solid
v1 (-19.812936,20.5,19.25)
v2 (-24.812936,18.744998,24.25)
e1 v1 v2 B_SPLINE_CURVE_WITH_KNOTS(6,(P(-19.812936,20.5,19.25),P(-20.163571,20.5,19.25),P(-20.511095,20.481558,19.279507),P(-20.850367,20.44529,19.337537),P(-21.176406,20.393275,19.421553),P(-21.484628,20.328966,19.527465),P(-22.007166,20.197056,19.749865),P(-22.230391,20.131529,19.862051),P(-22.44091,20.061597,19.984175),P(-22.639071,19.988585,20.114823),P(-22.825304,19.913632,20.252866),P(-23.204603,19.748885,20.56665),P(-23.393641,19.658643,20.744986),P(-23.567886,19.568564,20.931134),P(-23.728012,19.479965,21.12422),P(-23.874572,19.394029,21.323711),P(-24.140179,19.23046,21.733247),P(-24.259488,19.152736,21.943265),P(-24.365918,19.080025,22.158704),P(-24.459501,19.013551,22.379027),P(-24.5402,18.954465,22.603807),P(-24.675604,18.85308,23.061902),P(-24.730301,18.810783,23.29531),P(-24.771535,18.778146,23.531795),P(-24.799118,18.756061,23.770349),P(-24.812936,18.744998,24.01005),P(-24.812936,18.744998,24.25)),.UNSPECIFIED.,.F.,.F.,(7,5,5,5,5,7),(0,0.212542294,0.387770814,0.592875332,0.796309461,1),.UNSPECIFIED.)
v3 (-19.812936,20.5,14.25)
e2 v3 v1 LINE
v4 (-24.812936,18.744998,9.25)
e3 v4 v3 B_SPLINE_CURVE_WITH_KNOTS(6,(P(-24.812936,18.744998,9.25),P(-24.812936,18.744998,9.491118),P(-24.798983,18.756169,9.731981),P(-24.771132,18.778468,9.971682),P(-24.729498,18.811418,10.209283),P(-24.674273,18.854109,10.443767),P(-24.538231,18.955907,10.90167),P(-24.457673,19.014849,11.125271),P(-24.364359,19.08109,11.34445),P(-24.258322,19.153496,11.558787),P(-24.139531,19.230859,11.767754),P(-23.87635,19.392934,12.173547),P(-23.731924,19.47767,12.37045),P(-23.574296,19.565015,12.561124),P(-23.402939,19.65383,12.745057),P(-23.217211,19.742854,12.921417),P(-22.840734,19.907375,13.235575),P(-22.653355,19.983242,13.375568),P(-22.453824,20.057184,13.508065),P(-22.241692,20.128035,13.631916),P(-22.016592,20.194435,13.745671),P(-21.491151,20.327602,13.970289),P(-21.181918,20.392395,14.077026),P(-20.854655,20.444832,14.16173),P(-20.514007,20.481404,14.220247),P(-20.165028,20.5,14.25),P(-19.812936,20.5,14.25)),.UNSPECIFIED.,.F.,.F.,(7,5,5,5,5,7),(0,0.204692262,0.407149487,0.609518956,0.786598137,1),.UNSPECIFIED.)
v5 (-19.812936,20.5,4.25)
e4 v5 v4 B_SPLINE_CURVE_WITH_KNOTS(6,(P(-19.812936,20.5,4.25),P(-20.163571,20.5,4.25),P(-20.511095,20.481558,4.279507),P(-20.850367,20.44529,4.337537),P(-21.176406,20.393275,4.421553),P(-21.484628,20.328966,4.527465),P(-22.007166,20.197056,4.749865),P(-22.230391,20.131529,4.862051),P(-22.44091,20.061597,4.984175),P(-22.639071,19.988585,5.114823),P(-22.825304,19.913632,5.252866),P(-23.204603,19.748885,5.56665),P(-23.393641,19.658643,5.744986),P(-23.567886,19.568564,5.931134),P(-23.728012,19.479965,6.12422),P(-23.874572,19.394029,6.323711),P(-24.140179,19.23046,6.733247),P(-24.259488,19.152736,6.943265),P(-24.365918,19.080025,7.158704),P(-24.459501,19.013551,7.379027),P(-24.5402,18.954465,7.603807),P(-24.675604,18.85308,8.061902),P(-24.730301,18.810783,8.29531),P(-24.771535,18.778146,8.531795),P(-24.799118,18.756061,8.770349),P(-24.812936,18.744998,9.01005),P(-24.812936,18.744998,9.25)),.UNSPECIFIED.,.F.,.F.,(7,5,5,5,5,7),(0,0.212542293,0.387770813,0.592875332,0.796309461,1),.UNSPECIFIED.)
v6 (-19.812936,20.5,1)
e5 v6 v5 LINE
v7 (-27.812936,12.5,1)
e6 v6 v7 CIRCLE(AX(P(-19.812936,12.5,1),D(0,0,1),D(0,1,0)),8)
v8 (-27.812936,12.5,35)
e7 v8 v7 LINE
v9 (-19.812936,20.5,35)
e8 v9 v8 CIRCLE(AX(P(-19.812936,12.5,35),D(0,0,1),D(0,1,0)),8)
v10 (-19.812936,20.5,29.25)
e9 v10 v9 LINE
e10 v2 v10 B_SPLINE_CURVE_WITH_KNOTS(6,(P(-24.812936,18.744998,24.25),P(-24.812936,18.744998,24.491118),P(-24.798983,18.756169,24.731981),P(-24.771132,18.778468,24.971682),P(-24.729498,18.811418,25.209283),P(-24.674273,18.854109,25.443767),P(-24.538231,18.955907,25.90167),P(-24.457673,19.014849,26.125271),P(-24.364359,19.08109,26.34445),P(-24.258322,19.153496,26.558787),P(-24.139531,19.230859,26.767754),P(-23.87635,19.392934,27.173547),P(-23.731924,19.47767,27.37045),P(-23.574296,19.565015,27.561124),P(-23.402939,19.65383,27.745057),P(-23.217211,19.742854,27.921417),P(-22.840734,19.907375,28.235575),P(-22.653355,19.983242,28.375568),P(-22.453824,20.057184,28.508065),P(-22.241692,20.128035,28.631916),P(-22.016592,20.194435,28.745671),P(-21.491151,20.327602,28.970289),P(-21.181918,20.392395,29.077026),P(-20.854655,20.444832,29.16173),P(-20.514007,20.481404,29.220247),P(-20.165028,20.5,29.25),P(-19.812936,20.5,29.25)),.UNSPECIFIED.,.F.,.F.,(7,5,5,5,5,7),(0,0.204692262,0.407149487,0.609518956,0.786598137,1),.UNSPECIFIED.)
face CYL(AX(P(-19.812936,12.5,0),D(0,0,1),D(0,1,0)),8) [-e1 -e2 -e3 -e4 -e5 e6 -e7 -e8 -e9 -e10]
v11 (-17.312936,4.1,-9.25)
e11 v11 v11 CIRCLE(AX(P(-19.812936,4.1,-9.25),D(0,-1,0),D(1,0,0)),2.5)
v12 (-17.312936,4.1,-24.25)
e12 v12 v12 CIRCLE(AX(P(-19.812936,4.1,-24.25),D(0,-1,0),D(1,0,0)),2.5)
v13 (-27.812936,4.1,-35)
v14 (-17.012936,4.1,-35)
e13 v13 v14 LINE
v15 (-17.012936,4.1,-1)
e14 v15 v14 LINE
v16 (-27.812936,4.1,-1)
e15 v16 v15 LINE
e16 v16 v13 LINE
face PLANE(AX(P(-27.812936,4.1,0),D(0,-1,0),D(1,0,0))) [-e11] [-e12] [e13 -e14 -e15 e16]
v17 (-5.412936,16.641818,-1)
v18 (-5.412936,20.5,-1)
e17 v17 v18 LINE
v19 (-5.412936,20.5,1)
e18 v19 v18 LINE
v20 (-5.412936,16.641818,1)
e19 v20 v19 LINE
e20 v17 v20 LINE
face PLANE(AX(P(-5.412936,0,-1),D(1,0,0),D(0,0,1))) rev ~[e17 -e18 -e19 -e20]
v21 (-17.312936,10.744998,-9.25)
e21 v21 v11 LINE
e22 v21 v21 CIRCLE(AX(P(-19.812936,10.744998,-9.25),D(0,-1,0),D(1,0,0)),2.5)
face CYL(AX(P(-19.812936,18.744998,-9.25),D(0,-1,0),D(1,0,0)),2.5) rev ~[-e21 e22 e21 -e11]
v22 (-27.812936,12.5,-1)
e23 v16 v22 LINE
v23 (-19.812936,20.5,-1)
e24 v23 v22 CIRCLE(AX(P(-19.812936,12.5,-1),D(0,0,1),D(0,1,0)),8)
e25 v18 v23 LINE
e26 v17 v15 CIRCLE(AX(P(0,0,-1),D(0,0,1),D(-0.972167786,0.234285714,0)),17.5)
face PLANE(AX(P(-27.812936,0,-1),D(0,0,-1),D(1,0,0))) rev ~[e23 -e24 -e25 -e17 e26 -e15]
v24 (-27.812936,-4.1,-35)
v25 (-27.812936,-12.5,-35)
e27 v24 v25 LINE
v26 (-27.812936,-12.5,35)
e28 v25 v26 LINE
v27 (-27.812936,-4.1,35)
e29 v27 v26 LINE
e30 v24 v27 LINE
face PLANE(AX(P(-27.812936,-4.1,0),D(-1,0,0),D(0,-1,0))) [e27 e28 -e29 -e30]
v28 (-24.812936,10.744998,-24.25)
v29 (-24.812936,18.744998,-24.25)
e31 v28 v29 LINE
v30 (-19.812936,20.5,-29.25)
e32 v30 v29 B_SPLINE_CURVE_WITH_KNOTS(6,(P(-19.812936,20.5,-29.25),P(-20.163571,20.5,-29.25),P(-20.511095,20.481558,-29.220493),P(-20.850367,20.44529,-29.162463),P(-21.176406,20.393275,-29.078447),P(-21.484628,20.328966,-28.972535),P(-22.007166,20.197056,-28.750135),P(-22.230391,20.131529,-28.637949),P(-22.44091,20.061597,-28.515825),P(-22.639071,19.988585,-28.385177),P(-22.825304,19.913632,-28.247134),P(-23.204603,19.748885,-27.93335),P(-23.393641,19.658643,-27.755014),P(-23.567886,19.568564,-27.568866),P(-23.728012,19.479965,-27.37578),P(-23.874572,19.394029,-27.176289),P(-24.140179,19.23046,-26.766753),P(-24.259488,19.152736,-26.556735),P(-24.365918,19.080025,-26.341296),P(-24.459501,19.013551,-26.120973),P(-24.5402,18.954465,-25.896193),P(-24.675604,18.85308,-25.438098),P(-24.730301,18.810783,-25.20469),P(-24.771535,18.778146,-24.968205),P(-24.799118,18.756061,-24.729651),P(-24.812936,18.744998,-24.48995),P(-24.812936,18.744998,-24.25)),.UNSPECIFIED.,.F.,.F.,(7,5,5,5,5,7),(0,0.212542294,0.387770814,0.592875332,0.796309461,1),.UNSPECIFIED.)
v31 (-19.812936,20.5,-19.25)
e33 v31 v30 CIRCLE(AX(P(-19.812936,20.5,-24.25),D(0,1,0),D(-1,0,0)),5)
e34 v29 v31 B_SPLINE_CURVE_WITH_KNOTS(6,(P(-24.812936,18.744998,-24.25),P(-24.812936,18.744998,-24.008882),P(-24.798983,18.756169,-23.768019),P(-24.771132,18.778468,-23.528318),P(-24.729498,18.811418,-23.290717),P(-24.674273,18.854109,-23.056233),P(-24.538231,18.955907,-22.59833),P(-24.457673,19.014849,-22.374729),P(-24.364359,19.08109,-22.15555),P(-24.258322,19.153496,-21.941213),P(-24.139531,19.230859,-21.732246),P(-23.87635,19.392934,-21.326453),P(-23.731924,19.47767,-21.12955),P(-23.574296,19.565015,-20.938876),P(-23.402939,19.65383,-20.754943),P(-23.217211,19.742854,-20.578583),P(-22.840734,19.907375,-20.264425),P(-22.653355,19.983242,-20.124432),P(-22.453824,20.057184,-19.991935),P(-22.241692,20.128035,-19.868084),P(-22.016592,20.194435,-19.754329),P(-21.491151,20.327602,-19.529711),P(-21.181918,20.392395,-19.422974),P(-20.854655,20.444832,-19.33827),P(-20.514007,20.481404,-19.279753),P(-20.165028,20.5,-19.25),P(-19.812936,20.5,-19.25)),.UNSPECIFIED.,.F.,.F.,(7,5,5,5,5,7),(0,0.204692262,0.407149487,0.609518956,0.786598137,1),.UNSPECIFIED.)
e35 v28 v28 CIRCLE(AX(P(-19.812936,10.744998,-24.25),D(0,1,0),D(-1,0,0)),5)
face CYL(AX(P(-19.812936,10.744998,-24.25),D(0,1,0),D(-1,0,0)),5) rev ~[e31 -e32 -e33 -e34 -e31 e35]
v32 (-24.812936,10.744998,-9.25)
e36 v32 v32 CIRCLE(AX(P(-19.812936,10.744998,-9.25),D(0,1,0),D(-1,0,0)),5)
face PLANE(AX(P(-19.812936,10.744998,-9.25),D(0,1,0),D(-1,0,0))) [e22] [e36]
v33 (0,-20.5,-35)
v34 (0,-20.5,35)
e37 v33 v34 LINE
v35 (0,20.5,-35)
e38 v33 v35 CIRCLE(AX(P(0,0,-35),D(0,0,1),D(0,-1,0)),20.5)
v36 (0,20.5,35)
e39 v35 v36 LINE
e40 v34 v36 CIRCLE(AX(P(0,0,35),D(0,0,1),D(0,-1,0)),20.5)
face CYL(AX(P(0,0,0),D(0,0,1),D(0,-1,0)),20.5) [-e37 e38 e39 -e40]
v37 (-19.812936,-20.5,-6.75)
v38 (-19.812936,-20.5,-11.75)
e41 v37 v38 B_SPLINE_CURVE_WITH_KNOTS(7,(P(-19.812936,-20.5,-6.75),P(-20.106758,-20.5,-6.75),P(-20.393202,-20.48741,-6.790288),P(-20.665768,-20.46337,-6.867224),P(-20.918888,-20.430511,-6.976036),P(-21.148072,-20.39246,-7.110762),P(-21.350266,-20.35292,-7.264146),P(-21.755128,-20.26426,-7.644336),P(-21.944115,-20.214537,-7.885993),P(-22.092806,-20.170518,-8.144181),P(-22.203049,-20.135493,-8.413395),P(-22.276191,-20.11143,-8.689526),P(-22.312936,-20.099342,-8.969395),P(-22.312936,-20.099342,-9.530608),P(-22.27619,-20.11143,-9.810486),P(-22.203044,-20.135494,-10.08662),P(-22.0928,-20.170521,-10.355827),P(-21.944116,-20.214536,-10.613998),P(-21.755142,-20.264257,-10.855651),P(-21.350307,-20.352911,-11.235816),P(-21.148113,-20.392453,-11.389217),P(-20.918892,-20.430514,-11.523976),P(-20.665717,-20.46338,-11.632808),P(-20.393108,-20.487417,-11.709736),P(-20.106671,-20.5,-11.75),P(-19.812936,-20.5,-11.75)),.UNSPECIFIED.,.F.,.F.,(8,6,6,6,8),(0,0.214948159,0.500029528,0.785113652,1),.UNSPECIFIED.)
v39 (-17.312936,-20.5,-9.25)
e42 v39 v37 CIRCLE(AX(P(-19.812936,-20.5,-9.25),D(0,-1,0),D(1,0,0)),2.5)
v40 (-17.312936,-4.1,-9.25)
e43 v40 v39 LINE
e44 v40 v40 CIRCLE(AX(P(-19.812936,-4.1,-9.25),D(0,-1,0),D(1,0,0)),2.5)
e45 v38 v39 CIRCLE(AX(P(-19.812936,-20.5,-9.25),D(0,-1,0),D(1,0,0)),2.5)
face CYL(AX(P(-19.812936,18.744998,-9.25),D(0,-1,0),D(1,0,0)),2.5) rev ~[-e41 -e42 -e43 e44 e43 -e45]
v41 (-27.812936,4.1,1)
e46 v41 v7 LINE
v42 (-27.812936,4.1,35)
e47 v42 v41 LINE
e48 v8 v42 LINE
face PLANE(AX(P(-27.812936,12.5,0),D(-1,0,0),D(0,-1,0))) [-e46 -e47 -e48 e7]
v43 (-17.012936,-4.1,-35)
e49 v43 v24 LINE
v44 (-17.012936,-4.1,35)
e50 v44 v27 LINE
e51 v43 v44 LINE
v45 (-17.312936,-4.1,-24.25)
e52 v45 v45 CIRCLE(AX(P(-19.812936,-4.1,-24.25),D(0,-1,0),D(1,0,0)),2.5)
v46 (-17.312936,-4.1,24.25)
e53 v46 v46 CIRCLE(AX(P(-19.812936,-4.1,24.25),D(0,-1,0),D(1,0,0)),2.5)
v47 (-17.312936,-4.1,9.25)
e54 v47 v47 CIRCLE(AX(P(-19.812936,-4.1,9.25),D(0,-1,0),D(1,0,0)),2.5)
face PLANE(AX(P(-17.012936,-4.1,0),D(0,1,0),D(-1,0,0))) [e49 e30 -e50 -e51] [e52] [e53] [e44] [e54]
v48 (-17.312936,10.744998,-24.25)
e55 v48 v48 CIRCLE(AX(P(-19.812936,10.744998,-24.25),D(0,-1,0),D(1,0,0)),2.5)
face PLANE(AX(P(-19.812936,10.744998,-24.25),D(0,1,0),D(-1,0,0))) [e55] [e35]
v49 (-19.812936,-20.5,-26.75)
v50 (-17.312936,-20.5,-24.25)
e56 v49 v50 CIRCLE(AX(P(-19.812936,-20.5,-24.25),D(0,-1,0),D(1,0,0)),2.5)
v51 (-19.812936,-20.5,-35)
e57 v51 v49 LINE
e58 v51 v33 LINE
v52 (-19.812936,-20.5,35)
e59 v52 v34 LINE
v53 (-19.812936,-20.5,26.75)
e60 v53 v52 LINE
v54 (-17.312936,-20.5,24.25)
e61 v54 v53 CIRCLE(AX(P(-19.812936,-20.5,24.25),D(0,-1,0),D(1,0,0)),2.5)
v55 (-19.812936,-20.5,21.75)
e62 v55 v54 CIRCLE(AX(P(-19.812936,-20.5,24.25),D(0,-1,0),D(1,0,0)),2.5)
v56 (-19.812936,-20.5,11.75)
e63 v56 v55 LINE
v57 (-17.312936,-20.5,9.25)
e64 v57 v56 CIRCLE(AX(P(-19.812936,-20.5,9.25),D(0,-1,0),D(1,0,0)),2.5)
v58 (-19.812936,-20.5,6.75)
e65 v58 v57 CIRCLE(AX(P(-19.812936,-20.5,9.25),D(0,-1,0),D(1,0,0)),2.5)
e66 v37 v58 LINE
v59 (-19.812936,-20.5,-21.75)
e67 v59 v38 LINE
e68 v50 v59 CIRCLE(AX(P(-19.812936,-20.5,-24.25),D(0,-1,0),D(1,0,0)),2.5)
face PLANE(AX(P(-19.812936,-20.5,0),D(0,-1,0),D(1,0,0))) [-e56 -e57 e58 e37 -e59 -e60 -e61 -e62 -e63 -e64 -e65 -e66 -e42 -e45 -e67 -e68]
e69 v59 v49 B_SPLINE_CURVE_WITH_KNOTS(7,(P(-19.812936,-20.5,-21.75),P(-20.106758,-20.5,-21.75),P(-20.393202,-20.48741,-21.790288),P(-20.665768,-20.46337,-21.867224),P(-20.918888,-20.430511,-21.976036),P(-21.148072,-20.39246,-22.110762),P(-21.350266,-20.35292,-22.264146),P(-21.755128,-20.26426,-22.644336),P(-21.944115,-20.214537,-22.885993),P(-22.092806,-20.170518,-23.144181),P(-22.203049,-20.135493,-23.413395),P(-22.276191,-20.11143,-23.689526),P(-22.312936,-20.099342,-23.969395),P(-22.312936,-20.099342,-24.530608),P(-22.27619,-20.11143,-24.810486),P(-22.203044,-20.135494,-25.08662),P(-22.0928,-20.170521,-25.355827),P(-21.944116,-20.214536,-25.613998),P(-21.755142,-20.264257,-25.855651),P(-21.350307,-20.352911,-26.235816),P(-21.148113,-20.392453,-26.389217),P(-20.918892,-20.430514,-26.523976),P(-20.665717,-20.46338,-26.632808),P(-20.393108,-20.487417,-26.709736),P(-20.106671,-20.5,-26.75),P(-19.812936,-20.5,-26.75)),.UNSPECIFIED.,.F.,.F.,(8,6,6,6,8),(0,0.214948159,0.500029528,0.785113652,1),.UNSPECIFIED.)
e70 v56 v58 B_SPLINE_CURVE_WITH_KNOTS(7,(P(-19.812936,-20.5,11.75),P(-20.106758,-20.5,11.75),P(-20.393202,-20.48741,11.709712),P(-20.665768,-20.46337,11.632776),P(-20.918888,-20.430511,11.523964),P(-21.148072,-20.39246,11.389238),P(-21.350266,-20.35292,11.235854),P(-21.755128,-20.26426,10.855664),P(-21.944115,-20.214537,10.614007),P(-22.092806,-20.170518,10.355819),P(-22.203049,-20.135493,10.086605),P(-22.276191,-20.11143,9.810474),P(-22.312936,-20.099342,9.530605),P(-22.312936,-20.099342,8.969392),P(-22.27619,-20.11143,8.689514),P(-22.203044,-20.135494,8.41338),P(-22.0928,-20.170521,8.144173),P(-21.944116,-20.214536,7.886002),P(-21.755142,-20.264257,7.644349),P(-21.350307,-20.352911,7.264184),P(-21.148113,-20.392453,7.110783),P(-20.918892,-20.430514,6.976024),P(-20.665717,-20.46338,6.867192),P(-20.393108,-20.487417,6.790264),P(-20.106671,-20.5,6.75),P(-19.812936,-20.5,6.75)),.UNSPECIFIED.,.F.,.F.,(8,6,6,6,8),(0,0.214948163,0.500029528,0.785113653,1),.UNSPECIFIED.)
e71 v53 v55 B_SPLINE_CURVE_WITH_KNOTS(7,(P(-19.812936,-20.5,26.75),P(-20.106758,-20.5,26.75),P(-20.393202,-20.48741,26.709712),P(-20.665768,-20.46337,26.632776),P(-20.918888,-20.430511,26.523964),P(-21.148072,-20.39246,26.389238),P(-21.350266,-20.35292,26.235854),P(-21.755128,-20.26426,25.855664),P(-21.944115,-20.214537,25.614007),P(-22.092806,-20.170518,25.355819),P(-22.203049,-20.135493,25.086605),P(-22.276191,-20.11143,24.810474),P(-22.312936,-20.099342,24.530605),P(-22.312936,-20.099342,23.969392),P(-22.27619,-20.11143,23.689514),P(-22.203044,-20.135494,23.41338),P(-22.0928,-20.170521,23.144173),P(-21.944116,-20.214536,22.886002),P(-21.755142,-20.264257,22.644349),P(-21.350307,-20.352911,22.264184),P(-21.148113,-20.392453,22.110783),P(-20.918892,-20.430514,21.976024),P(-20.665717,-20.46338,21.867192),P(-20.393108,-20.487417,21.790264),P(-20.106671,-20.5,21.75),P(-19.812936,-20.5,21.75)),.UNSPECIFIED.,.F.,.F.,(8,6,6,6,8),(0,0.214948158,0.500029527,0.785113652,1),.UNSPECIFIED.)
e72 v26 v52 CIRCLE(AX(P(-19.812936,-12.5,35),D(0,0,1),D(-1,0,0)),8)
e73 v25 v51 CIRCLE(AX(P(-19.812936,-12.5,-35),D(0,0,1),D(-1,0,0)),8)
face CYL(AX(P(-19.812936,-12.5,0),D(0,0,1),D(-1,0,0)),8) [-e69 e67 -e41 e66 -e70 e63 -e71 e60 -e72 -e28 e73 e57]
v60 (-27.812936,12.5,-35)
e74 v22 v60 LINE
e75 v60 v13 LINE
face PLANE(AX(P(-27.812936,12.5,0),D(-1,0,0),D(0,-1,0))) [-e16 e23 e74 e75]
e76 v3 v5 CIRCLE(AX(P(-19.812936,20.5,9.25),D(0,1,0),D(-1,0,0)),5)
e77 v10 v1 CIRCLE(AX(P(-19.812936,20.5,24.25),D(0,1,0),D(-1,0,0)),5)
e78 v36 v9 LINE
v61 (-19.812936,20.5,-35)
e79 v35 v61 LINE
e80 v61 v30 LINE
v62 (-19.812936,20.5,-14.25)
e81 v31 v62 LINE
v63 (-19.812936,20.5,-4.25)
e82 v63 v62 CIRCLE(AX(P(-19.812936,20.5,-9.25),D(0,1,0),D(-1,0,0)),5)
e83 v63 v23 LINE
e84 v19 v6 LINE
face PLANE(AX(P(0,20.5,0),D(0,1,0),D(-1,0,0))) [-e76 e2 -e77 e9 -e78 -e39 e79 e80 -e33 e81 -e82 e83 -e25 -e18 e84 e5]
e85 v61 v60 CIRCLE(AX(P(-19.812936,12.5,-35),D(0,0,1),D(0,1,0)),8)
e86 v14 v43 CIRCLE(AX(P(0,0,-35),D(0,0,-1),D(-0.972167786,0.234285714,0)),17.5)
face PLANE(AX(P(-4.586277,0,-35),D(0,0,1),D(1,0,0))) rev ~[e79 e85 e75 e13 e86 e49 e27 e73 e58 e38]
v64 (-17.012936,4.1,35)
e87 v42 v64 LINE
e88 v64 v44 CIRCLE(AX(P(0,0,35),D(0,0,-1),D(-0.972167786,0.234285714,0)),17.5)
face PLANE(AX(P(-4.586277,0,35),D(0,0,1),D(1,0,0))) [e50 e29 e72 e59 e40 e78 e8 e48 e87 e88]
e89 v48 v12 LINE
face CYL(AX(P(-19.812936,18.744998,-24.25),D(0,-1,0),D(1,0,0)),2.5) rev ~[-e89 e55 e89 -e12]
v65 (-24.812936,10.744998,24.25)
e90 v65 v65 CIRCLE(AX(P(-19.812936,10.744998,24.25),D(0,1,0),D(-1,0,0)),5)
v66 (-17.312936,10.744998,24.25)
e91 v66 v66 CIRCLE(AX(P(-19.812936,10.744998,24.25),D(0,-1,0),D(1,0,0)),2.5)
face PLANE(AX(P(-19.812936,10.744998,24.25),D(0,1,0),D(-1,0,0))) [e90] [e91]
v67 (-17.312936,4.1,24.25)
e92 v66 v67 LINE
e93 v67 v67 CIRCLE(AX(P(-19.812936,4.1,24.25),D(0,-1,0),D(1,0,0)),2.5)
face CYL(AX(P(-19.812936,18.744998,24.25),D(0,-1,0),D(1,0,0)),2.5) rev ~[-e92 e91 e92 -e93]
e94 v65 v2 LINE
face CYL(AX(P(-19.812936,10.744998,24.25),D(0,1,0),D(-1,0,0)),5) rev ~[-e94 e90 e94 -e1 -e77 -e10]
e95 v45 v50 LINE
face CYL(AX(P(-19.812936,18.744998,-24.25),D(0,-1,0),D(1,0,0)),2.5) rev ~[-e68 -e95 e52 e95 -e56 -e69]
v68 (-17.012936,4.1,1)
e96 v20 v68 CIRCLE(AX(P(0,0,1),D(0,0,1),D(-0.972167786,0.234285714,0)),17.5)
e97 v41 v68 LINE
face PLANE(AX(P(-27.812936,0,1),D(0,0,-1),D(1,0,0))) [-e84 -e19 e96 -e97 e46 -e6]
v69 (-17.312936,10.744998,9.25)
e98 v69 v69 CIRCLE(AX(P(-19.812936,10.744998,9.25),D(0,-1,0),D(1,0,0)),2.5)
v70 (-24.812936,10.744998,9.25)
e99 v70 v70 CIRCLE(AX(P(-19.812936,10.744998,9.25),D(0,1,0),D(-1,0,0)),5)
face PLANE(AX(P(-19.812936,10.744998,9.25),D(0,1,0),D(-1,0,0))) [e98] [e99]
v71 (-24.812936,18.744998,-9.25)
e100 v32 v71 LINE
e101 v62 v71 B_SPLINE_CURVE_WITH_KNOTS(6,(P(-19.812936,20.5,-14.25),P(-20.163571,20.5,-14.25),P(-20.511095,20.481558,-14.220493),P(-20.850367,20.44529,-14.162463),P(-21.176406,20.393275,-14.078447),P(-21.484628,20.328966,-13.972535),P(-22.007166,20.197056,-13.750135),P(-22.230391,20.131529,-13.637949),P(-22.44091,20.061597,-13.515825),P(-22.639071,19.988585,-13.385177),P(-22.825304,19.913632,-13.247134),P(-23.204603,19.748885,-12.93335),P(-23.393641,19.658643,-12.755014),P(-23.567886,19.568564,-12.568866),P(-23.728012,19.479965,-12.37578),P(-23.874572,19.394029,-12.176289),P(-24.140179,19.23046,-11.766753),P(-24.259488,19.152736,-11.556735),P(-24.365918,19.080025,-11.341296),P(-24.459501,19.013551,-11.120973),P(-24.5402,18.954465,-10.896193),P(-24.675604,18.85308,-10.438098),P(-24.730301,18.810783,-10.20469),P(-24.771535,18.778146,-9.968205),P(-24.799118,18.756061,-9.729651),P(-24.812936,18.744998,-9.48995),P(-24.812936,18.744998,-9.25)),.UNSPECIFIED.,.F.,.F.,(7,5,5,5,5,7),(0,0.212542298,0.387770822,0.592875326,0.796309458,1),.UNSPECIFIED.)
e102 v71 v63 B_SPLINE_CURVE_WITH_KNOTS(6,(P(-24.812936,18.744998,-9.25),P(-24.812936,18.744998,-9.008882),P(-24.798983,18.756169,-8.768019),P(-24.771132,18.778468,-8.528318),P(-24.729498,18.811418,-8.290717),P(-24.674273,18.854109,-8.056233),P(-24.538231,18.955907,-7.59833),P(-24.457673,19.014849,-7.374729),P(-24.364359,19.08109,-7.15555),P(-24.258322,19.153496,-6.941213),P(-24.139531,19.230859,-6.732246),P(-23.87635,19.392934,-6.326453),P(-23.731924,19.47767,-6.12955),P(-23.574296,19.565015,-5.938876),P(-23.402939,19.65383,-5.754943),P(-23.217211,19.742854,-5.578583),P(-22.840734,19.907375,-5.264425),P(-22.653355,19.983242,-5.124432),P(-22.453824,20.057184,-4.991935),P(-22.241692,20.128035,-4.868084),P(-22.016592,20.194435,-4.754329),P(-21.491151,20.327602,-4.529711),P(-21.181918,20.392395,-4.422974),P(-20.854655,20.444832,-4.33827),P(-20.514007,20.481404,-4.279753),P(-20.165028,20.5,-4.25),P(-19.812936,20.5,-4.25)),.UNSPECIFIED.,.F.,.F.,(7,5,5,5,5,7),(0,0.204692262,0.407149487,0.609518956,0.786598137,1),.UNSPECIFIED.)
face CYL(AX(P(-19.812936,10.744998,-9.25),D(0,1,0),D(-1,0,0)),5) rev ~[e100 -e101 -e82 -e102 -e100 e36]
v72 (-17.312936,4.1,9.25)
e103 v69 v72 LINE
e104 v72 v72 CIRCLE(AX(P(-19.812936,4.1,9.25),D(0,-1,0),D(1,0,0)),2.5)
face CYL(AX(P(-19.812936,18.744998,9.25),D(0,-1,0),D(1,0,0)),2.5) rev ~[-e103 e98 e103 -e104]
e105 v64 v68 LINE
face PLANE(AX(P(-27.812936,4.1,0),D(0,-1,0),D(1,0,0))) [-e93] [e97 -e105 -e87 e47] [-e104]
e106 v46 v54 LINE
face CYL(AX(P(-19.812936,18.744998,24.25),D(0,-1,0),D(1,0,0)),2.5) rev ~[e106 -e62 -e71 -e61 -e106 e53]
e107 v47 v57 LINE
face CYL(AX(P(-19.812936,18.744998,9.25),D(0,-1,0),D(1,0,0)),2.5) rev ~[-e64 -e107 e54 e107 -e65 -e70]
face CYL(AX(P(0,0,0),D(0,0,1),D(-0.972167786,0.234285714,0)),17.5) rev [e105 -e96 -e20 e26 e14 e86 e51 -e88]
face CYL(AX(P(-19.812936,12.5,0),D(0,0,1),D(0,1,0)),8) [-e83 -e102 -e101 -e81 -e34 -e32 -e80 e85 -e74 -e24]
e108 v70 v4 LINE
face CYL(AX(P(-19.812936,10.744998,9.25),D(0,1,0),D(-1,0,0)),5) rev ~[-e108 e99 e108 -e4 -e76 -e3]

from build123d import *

# Parameters (mm, degrees)
F1_DEPTH       = 35
F3_D           = 5
F3_START       = 1.7550021
F3_CBORE_D     = 10
F3_CBORE_DEPTH = 8
F4_W           = 22.4
F4_H           = 2
F5_DEPTH       = 25


with BuildPart() as f1:
    # F0 (on Top) → F1 (new body, symmetric)
    with BuildSketch(Plane.XY):
        with BuildLine():
            ThreePointArc((-17.0129362545, 4.1), (17.5, 0), (-17.0129362545, -4.1))
            Line((-17.0129362545, -4.1), (-27.8129362545, -4.1))
            Line((-27.8129362545, -4.1), (-27.8129362545, -12.5))
            ThreePointArc((-27.8129362545, -12.5), (-25.469790504, -18.1568542495), (-19.8129362545, -20.5))
            Line((-19.8129362545, -20.5), (0, -20.5))
            ThreePointArc((0, -20.5), (20.5, 0), (0, 20.5))
            Line((0, 20.5), (-19.8129362545, 20.5))
            ThreePointArc((-19.8129362545, 20.5), (-25.469790504, 18.1568542495), (-27.8129362545, 12.5))
            Line((-27.8129362545, 12.5), (-27.8129362545, 4.1))
            Line((-27.8129362545, 4.1), (-17.0129362545, 4.1))
        make_face()
    extrude(amount=F1_DEPTH, both=True)

    # F3 (through all)
    # its depths count from where the whole tool has entered the part; down to there all is cleared
    with Locations(Plane(origin=(0, 20.5, 0), x_dir=(-1, 0, 0), z_dir=(0, 1, 0)).offset(-F3_START)):
        with Locations((19.8129362545, -24.25), (19.8129362545, -9.25), (19.8129362545, 9.25), (19.8129362545, 24.25)):
            CounterBoreHole(F3_D / 2, F3_CBORE_D / 2, F3_CBORE_DEPTH)

    # F4 (on Front) → F5 (cut)
    with BuildSketch(Plane.XZ):
        with Locations((-16.6129362545, 0)):
            Rectangle(F4_W, F4_H)
    extrude(amount=-F5_DEPTH, mode=Mode.SUBTRACT)


solid = f1.part
